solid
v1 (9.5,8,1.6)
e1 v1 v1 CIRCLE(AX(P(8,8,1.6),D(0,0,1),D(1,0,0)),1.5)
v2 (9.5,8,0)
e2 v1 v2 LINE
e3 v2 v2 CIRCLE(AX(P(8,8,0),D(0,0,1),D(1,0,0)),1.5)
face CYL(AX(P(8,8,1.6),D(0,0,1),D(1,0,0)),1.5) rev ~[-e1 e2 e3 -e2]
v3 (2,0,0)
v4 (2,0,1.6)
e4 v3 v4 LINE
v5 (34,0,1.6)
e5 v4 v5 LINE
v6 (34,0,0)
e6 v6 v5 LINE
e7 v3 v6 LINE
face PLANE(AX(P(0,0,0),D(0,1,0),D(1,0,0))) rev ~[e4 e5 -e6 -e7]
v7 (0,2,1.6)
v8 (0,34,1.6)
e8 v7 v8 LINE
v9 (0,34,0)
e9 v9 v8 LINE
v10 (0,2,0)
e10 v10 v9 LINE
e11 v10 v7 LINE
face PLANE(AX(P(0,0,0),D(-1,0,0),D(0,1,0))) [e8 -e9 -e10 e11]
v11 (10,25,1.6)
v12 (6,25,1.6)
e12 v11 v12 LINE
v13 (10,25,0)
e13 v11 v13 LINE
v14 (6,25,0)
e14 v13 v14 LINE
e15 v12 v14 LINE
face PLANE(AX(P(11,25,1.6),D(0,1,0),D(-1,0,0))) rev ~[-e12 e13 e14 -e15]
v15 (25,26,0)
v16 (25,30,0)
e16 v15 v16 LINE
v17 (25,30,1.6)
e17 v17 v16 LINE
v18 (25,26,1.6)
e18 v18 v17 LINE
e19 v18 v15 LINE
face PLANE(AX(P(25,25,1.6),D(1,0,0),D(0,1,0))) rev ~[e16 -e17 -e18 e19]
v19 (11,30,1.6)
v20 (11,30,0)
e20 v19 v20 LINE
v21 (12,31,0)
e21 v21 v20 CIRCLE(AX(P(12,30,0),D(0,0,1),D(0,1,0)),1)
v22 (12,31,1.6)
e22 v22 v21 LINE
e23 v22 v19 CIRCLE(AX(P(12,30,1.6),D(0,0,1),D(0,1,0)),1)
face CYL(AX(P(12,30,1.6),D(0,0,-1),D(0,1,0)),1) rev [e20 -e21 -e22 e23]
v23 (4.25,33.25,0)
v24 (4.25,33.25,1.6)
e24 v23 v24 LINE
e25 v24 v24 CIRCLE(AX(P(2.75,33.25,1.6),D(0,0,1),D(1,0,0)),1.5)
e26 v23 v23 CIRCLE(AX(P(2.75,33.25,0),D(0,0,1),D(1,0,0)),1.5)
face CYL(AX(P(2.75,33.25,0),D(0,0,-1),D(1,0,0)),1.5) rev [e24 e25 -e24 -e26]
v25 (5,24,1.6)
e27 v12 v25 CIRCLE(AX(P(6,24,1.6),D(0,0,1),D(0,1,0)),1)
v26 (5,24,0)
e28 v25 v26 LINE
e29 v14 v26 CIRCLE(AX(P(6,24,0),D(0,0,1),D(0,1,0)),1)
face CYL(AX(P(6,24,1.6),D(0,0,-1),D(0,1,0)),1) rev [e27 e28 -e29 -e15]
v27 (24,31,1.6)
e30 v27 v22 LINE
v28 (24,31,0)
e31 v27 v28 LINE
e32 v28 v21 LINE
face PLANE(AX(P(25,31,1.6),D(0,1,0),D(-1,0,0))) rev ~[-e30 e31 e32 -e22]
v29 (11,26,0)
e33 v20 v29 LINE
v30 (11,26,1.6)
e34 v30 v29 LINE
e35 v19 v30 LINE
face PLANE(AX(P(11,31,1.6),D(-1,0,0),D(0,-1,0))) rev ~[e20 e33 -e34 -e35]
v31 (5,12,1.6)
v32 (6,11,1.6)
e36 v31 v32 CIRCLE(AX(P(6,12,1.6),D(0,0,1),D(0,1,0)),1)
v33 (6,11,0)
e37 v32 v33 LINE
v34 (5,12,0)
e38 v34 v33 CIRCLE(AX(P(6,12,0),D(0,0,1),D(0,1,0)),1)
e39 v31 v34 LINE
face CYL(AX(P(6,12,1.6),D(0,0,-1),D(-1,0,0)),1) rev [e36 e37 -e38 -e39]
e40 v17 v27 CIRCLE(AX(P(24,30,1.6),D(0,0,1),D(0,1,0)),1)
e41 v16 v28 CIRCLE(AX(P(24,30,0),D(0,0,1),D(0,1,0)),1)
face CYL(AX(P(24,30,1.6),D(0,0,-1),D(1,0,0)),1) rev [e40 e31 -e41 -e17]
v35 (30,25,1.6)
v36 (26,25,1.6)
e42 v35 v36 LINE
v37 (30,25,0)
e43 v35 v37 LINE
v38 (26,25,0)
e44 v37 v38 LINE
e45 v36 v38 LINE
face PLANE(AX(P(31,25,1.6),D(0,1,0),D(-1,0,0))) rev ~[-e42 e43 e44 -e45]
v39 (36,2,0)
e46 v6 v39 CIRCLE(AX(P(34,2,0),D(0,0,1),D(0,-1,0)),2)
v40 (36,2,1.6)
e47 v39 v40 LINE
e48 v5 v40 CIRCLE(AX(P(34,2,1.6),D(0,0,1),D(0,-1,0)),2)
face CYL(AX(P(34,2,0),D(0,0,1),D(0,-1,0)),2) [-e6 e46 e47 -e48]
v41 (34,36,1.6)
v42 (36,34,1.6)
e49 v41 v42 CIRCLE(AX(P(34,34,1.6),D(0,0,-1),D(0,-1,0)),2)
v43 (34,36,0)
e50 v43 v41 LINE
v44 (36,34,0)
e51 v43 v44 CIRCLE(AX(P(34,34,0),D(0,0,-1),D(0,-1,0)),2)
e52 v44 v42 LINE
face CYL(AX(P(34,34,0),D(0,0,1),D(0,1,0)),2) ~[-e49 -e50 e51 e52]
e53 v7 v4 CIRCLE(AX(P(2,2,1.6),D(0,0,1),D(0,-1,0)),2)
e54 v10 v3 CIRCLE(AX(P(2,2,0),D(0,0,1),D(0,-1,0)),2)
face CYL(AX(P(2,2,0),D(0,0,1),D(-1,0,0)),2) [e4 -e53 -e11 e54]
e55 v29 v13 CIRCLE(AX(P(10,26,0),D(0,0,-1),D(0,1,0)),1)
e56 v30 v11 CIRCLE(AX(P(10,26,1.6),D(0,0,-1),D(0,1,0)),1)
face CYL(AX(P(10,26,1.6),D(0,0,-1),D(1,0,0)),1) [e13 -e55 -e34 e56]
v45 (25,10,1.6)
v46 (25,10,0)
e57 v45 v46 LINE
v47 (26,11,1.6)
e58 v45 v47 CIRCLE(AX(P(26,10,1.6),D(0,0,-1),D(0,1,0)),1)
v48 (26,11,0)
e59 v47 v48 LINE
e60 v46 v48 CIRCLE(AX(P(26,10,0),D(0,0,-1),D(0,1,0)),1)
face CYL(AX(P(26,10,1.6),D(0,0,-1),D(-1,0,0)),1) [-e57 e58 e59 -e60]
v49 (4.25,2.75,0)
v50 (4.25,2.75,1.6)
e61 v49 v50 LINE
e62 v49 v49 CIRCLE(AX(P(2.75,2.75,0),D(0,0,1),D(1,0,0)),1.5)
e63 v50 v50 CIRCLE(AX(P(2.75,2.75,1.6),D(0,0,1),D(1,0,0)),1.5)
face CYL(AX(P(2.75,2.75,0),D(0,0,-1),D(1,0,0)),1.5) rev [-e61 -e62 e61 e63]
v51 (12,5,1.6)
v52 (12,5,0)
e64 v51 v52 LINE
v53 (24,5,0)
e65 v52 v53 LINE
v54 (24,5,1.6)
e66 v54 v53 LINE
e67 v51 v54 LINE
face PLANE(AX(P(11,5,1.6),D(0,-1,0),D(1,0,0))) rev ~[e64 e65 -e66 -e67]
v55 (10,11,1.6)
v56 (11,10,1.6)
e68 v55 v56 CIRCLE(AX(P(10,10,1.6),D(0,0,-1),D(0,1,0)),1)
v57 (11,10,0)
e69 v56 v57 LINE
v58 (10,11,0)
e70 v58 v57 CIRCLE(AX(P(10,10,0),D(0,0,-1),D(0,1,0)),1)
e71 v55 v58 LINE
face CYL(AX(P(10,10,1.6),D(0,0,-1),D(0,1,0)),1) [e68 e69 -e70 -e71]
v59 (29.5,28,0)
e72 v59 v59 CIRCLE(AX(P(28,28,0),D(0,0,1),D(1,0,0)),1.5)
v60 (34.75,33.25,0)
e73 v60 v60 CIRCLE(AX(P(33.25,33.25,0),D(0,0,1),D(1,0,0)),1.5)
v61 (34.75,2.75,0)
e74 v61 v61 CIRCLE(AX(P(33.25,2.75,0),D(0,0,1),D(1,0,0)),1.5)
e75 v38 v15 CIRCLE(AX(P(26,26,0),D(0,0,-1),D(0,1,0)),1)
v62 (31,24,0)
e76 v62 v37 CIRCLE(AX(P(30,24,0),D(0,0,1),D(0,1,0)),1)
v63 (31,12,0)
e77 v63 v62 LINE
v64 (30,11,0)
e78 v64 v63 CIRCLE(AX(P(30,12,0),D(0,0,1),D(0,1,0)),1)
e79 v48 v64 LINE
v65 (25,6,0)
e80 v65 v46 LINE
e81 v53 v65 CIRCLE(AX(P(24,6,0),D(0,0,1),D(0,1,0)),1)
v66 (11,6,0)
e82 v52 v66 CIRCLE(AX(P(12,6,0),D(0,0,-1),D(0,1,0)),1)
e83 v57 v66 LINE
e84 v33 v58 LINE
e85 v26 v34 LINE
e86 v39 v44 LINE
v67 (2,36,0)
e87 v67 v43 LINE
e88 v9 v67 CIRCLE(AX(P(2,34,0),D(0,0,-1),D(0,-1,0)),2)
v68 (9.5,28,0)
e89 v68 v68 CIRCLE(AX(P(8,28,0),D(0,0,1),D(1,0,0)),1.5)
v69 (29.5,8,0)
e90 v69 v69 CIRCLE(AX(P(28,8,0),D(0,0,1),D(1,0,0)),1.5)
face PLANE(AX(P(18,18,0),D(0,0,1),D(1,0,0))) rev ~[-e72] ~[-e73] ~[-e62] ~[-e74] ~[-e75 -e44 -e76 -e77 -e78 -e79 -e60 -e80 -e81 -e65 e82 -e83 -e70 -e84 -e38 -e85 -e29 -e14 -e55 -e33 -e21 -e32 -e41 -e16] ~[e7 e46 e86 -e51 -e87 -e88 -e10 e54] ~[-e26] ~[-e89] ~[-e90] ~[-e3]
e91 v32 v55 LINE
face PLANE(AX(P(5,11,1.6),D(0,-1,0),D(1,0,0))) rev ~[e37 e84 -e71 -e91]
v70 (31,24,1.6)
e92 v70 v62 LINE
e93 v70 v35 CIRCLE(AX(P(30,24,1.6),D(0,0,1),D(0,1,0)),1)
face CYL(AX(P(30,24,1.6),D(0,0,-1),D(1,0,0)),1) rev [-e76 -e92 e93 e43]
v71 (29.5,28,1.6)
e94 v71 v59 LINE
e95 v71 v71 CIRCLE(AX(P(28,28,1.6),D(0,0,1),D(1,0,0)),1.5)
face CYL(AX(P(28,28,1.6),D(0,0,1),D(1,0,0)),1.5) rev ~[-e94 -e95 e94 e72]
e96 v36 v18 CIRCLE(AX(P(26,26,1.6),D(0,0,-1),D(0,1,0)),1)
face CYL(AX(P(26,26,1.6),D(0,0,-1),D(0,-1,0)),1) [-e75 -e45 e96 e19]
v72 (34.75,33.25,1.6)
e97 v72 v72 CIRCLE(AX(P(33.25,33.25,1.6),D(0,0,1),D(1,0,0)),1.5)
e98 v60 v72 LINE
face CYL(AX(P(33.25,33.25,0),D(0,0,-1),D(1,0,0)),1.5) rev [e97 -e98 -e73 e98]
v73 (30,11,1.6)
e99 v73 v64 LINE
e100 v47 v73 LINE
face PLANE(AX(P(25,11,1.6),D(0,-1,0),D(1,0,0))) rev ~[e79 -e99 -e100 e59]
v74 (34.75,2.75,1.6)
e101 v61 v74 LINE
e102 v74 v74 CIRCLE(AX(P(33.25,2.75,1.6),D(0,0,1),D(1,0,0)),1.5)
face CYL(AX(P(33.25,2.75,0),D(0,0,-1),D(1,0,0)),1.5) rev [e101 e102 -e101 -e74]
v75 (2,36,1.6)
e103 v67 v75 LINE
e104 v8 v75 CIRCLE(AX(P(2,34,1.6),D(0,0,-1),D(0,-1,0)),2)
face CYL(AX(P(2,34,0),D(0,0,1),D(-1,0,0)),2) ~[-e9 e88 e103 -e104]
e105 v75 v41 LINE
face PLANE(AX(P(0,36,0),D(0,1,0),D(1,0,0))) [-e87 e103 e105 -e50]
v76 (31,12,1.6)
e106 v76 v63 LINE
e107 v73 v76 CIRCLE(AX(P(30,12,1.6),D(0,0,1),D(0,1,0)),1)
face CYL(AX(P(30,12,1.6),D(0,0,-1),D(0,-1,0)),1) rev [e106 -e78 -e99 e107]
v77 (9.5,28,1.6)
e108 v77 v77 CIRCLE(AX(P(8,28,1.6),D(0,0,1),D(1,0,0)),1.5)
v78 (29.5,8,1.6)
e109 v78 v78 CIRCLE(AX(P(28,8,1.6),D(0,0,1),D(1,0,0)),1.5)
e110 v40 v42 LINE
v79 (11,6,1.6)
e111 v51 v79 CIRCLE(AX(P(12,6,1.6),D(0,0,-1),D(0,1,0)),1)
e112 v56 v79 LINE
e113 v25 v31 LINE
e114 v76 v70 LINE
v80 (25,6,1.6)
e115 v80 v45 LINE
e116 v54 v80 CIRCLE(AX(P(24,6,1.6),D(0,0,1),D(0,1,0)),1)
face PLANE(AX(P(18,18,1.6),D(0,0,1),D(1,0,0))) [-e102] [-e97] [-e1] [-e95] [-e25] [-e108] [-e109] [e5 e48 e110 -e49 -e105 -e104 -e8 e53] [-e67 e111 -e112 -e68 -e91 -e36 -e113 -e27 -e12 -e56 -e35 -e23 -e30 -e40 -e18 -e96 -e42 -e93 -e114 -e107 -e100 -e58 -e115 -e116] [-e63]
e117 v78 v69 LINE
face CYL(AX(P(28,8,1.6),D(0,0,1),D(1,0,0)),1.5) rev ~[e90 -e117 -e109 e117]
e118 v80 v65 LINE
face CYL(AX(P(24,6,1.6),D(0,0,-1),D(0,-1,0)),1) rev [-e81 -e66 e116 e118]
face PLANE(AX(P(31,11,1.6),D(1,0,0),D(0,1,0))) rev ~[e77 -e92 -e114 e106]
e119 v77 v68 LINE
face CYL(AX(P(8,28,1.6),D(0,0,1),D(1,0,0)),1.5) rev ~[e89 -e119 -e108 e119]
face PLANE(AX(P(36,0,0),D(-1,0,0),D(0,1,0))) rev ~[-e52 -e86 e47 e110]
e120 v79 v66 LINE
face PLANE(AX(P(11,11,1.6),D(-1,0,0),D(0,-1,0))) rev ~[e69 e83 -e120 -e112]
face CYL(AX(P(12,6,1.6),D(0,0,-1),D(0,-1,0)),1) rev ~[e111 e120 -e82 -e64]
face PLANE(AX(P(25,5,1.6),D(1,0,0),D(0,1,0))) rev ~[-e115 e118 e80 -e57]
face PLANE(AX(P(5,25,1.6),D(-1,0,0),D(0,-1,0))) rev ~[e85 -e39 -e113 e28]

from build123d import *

# Parameters (mm, degrees)
F0_W     = 36
F0_H     = 36
F0_R     = 1.5
F1_DEPTH = 1.6
F2_R     = 2
F3_R     = 1.5
F4_DEPTH = 25
F6_DEPTH = 25
F7_R     = 1


with BuildPart() as f1:
    # F0 (on Top) → F1 (new body)
    with BuildSketch(Plane.XY):
        with Locations((18, 18)):
            Rectangle(F0_W, F0_H)
        with Locations((2.75, 2.75)):
            Circle(F0_R, mode=Mode.SUBTRACT)
        with Locations((33.25, 2.75)):
            Circle(F0_R, mode=Mode.SUBTRACT)
        with Locations((2.75, 33.25)):
            Circle(F0_R, mode=Mode.SUBTRACT)
        with Locations((33.25, 33.25)):
            Circle(F0_R, mode=Mode.SUBTRACT)
    extrude(amount=F1_DEPTH)

    # F2
    f2_edges = [f1.edges().sort_by_distance(p)[0] for p in [
        (0, 36, 0.8),
        (36, 36, 0.8),
        (36, 0, 0.8),
        (0, 0, 0.8),
    ]]
    fillet(f2_edges, radius=F2_R)

    # F3 (on face) → F4 (cut)
    with BuildSketch(Plane.XY.offset(1.6)):
        with Locations((8, 28)):
            Circle(F3_R)
        with Locations((8, 8)):
            Circle(F3_R)
        with Locations((28, 28)):
            Circle(F3_R)
        with Locations((28, 8)):
            Circle(F3_R)
    extrude(amount=-F4_DEPTH, mode=Mode.SUBTRACT)

    # F5 (on face) → F6 (cut)
    with BuildSketch(Plane.XY.offset(1.6)):
        Polygon((11, 5), (25, 5), (25, 11), (31, 11), (31, 25), (25, 25), (25, 31), (11, 31), (11, 25), (5, 25), (5, 11), (11, 11), align=None)
    extrude(amount=-F6_DEPTH, mode=Mode.SUBTRACT)

    # F7
    f7_edges = [f1.edges().sort_by_distance(p)[0] for p in [
        (11, 25, 0.8),
        (25, 25, 0.8),
        (25, 11, 0.8),
        (11, 11, 0.8),
        (11, 5, 0.8),
        (5, 11, 0.8),
        (25, 5, 0.8),
        (31, 11, 0.8),
        (5, 25, 0.8),
        (11, 31, 0.8),
        (31, 25, 0.8),
        (25, 31, 0.8),
    ]]
    fillet(f7_edges, radius=F7_R)


solid = f1.part
